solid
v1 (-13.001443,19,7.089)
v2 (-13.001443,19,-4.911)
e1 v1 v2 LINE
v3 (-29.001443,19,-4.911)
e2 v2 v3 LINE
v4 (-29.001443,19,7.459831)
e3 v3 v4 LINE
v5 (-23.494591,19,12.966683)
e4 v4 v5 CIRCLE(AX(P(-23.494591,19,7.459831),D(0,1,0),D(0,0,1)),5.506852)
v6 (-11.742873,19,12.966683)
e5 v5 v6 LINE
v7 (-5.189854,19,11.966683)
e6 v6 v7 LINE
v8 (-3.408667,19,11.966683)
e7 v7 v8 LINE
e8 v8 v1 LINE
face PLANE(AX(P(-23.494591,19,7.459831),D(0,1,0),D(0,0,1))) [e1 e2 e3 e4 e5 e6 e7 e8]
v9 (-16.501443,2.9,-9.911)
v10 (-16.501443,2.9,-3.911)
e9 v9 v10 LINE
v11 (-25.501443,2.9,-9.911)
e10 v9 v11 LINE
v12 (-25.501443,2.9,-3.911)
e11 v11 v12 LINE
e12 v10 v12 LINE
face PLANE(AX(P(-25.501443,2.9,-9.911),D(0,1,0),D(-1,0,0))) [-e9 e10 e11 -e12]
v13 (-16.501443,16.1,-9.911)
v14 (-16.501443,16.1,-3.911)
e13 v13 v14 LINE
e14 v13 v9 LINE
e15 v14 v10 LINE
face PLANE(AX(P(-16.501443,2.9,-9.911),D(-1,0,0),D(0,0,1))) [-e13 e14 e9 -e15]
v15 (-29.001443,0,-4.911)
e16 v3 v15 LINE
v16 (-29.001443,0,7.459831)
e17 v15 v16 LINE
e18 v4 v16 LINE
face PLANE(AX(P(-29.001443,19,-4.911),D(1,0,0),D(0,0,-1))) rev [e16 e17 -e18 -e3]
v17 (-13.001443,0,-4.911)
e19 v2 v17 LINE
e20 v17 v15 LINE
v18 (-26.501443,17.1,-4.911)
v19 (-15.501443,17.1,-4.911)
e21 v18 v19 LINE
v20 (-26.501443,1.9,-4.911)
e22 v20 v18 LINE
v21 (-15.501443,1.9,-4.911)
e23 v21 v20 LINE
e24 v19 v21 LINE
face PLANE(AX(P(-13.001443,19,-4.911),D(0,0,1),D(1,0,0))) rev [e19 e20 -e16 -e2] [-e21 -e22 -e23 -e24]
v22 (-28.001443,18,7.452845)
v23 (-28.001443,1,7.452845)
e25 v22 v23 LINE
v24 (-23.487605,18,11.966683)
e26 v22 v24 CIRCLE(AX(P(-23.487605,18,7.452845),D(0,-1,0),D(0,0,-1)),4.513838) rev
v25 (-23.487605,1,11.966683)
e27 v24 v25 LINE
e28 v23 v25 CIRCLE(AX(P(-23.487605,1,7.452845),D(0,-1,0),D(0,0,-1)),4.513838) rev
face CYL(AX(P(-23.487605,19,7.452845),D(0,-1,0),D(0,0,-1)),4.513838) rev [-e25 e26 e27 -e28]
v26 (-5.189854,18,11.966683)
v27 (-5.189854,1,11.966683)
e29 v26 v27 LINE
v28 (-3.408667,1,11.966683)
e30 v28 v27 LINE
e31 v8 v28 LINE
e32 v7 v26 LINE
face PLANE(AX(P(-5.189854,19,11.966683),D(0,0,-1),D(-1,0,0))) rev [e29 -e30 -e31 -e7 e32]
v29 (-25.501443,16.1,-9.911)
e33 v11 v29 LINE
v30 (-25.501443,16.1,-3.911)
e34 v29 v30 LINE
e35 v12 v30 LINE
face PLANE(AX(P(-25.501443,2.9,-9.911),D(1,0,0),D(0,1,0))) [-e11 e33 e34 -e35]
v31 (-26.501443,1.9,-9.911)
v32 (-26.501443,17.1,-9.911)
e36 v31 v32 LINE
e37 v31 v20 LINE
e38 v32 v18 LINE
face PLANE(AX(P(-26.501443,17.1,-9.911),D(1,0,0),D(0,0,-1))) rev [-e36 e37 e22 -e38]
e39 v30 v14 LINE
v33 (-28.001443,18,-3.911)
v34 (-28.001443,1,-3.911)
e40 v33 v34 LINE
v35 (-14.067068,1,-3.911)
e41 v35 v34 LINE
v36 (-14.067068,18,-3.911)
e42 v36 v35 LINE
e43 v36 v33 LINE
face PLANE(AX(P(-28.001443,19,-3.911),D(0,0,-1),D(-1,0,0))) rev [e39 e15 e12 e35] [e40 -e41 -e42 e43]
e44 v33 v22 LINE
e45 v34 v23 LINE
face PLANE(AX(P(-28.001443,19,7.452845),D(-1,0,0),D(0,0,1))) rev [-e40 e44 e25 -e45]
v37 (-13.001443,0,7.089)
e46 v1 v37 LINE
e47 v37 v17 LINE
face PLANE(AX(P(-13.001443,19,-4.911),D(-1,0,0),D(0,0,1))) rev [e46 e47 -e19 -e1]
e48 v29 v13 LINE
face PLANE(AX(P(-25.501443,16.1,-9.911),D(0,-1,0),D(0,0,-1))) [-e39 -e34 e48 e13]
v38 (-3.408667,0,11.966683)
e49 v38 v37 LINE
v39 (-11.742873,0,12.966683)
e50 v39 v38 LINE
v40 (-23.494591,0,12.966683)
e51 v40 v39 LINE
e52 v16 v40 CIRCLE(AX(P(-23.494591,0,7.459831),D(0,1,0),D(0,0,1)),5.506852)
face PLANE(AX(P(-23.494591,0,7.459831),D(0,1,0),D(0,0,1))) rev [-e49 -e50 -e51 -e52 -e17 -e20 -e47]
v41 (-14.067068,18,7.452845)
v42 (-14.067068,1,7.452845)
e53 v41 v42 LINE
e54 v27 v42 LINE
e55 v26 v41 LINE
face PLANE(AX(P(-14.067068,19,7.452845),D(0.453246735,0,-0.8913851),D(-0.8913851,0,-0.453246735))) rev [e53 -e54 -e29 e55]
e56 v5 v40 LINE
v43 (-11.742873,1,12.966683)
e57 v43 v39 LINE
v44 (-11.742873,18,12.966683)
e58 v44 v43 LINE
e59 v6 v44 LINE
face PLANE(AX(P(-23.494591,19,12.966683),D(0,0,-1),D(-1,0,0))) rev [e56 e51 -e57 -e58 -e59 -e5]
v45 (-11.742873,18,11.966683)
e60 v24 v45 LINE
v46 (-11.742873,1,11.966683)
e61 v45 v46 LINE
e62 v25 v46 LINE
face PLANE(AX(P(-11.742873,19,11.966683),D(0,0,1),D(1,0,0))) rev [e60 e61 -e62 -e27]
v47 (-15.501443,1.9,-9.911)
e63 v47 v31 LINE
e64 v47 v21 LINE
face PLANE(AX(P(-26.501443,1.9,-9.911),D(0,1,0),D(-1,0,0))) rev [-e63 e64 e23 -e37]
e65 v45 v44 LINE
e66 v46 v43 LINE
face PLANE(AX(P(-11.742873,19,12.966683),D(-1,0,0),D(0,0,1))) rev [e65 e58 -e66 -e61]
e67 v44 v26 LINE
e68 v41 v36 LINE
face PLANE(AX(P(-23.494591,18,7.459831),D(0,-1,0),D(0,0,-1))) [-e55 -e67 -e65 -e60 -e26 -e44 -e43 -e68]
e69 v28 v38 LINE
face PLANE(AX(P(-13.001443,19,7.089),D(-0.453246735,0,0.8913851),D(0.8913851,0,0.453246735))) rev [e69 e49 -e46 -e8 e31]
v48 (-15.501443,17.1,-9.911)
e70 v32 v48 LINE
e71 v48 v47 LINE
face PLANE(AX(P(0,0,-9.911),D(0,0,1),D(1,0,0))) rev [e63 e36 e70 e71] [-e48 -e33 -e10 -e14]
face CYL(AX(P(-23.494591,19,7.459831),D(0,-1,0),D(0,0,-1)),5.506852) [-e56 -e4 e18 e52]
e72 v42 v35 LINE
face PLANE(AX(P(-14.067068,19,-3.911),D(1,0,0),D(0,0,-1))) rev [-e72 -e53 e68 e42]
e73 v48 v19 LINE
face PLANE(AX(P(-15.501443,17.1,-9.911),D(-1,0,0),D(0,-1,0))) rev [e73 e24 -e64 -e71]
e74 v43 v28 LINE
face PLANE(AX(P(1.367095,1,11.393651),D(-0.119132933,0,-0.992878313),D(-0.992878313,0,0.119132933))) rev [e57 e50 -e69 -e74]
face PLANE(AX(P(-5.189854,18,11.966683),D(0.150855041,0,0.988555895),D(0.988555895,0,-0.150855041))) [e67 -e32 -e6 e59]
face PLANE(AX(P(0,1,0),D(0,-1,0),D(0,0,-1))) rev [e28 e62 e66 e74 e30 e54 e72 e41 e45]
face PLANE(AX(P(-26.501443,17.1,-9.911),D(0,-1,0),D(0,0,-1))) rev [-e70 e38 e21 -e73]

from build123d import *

# Parameters (mm, degrees)
BOSS_EXTRUDE1_DEPTH = 19
BOSS_EXTRUDE2_DEPTH = 1
BOSS_EXTRUDE3_DEPTH = 1
SKETCH4_W           = 11
SKETCH4_H           = 15.2
SKETCH4_W_2         = 9
SKETCH4_H_2         = 13.2
BOSS_EXTRUDE4_DEPTH = 5
SKETCH5_W           = 9
SKETCH5_H           = 13.2
CUT_EXTRUDE1_DEPTH  = 13


with BuildPart() as part:
    # Sketch1 → Boss-Extrude1 (new body)
    with BuildSketch(Plane(origin=(0, 0, 0), x_dir=(1, 0, 0), z_dir=(0, 1, 0))):
        with BuildLine():
            Line((-13.001443325, 4.911000499), (-13.001443325, -7.088999501))
            Line((-13.001443325, -7.088999501), (-3.408667462, -11.966682937))
            Line((-3.408667462, -11.966682937), (-5.189854063, -11.966682937))
            Line((-5.189854063, -11.966682937), (-14.067067881, -7.452844668))
            Line((-14.067067881, -7.452844668), (-14.067067881, 3.911000499))
            Line((-14.067067881, 3.911000499), (-28.001443325, 3.911000499))
            Line((-28.001443325, 3.911000499), (-28.001443325, -7.452844668))
            ThreePointArc((-28.001443325, -7.452844668), (-26.679370706, -10.644610317), (-23.487605056, -11.966682937))
            Line((-23.487605056, -11.966682937), (-11.742872705, -11.966682937))
            Line((-11.742872705, -11.966682937), (-11.742872705, -12.966682937))
            Line((-11.742872705, -12.966682937), (-23.494591297, -12.966682937))
            ThreePointArc((-23.494591297, -12.966682937), (-27.388523709, -11.353763321), (-29.001443325, -7.459830909))
            Line((-29.001443325, -7.459830909), (-29.001443325, 4.911000499))
            Line((-29.001443325, 4.911000499), (-13.001443325, 4.911000499))
        make_face()
    extrude(amount=BOSS_EXTRUDE1_DEPTH)

    # Sketch2 → Boss-Extrude2 (add)
    with BuildSketch(Plane(origin=(0, 19, 0), x_dir=(1, 0, 0), z_dir=(0, 1, 0))):
        with BuildLine():
            Line((-29.001443325, 4.911000499), (-13.001443325, 4.911000499))
            Line((-13.001443325, 4.911000499), (-13.001443325, -7.088999501))
            Line((-13.001443325, -7.088999501), (-3.408667462, -11.966682937))
            Line((-3.408667462, -11.966682937), (-5.189854063, -11.966682937))
            Line((-5.189854063, -11.966682937), (-11.742872705, -12.966682937))
            Line((-11.742872705, -12.966682937), (-23.494591297, -12.966682937))
            ThreePointArc((-23.494591297, -12.966682937), (-27.388523709, -11.353763321), (-29.001443325, -7.459830909))
            Line((-29.001443325, -7.459830909), (-29.001443325, 4.911000499))
        make_face()
    extrude(amount=-BOSS_EXTRUDE2_DEPTH)

    # Sketch3 → Boss-Extrude3 (add)
    with BuildSketch(Plane(origin=(0, 0, 0), x_dir=(-1, 0, 0), z_dir=(0, -1, 0))):
        with BuildLine():
            Line((29.001443325, -7.459830909), (29.001443325, 4.911000499))
            Line((29.001443325, 4.911000499), (13.001443325, 4.911000499))
            Line((13.001443325, 4.911000499), (13.001443325, -7.088999501))
            Line((13.001443325, -7.088999501), (3.408667462, -11.966682937))
            Line((3.408667462, -11.966682937), (5.189854063, -11.966682937))
            Line((5.189854063, -11.966682937), (14.067067881, -7.452844668))
            Line((14.067067881, -7.452844668), (14.067067881, 3.911000499))
            Line((14.067067881, 3.911000499), (28.001443325, 3.911000499))
            Line((28.001443325, 3.911000499), (28.001443325, -7.452844668))
            ThreePointArc((28.001443325, -7.452844668), (26.679370706, -10.644610317), (23.487605056, -11.966682937))
            Line((23.487605056, -11.966682937), (11.742872705, -11.966682937))
            Line((11.742872705, -11.966682937), (11.742872705, -12.966682937))
            Line((11.742872705, -12.966682937), (23.494591297, -12.966682937))
            ThreePointArc((23.494591297, -12.966682937), (27.388523709, -11.353763321), (29.001443325, -7.459830909))
        make_face()
        with BuildLine():
            Line((11.742872705, -12.966682937), (3.408667462, -11.966682937))
            Line((3.408667462, -11.966682937), (5.189854063, -11.966682937))
            Line((5.189854063, -11.966682937), (14.067067881, -7.452844668))
            Line((14.067067881, -7.452844668), (14.067067881, 3.911000499))
            Line((14.067067881, 3.911000499), (28.001443325, 3.911000499))
            Line((28.001443325, 3.911000499), (28.001443325, -7.452844668))
            ThreePointArc((28.001443325, -7.452844668), (26.679370706, -10.644610317), (23.487605056, -11.966682937))
            Line((23.487605056, -11.966682937), (11.742872705, -11.966682937))
            Line((11.742872705, -11.966682937), (11.742872705, -12.966682937))
        make_face()
    extrude(amount=-BOSS_EXTRUDE3_DEPTH)

    # Sketch4 → Boss-Extrude4 (add)
    with BuildSketch(Plane(origin=(0, 0, -4.911000499), x_dir=(-1, 0, 0), z_dir=(0, 0, -1))):
        with Locations((21.001443325, 9.5)):
            Rectangle(SKETCH4_W, SKETCH4_H)
        with Locations((21.001443325, 9.5)):
            Rectangle(SKETCH4_W_2, SKETCH4_H_2, mode=Mode.SUBTRACT)
    extrude(amount=BOSS_EXTRUDE4_DEPTH)

    # Sketch5 → Cut-Extrude1 (cut)
    with BuildSketch(Plane(origin=(0, 0, -9.911000499), x_dir=(-1, 0, 0), z_dir=(0, 0, -1))):
        with Locations((21.001443325, 9.5)):
            Rectangle(SKETCH5_W, SKETCH5_H)
    extrude(amount=-CUT_EXTRUDE1_DEPTH, mode=Mode.SUBTRACT)


solid = part.part
